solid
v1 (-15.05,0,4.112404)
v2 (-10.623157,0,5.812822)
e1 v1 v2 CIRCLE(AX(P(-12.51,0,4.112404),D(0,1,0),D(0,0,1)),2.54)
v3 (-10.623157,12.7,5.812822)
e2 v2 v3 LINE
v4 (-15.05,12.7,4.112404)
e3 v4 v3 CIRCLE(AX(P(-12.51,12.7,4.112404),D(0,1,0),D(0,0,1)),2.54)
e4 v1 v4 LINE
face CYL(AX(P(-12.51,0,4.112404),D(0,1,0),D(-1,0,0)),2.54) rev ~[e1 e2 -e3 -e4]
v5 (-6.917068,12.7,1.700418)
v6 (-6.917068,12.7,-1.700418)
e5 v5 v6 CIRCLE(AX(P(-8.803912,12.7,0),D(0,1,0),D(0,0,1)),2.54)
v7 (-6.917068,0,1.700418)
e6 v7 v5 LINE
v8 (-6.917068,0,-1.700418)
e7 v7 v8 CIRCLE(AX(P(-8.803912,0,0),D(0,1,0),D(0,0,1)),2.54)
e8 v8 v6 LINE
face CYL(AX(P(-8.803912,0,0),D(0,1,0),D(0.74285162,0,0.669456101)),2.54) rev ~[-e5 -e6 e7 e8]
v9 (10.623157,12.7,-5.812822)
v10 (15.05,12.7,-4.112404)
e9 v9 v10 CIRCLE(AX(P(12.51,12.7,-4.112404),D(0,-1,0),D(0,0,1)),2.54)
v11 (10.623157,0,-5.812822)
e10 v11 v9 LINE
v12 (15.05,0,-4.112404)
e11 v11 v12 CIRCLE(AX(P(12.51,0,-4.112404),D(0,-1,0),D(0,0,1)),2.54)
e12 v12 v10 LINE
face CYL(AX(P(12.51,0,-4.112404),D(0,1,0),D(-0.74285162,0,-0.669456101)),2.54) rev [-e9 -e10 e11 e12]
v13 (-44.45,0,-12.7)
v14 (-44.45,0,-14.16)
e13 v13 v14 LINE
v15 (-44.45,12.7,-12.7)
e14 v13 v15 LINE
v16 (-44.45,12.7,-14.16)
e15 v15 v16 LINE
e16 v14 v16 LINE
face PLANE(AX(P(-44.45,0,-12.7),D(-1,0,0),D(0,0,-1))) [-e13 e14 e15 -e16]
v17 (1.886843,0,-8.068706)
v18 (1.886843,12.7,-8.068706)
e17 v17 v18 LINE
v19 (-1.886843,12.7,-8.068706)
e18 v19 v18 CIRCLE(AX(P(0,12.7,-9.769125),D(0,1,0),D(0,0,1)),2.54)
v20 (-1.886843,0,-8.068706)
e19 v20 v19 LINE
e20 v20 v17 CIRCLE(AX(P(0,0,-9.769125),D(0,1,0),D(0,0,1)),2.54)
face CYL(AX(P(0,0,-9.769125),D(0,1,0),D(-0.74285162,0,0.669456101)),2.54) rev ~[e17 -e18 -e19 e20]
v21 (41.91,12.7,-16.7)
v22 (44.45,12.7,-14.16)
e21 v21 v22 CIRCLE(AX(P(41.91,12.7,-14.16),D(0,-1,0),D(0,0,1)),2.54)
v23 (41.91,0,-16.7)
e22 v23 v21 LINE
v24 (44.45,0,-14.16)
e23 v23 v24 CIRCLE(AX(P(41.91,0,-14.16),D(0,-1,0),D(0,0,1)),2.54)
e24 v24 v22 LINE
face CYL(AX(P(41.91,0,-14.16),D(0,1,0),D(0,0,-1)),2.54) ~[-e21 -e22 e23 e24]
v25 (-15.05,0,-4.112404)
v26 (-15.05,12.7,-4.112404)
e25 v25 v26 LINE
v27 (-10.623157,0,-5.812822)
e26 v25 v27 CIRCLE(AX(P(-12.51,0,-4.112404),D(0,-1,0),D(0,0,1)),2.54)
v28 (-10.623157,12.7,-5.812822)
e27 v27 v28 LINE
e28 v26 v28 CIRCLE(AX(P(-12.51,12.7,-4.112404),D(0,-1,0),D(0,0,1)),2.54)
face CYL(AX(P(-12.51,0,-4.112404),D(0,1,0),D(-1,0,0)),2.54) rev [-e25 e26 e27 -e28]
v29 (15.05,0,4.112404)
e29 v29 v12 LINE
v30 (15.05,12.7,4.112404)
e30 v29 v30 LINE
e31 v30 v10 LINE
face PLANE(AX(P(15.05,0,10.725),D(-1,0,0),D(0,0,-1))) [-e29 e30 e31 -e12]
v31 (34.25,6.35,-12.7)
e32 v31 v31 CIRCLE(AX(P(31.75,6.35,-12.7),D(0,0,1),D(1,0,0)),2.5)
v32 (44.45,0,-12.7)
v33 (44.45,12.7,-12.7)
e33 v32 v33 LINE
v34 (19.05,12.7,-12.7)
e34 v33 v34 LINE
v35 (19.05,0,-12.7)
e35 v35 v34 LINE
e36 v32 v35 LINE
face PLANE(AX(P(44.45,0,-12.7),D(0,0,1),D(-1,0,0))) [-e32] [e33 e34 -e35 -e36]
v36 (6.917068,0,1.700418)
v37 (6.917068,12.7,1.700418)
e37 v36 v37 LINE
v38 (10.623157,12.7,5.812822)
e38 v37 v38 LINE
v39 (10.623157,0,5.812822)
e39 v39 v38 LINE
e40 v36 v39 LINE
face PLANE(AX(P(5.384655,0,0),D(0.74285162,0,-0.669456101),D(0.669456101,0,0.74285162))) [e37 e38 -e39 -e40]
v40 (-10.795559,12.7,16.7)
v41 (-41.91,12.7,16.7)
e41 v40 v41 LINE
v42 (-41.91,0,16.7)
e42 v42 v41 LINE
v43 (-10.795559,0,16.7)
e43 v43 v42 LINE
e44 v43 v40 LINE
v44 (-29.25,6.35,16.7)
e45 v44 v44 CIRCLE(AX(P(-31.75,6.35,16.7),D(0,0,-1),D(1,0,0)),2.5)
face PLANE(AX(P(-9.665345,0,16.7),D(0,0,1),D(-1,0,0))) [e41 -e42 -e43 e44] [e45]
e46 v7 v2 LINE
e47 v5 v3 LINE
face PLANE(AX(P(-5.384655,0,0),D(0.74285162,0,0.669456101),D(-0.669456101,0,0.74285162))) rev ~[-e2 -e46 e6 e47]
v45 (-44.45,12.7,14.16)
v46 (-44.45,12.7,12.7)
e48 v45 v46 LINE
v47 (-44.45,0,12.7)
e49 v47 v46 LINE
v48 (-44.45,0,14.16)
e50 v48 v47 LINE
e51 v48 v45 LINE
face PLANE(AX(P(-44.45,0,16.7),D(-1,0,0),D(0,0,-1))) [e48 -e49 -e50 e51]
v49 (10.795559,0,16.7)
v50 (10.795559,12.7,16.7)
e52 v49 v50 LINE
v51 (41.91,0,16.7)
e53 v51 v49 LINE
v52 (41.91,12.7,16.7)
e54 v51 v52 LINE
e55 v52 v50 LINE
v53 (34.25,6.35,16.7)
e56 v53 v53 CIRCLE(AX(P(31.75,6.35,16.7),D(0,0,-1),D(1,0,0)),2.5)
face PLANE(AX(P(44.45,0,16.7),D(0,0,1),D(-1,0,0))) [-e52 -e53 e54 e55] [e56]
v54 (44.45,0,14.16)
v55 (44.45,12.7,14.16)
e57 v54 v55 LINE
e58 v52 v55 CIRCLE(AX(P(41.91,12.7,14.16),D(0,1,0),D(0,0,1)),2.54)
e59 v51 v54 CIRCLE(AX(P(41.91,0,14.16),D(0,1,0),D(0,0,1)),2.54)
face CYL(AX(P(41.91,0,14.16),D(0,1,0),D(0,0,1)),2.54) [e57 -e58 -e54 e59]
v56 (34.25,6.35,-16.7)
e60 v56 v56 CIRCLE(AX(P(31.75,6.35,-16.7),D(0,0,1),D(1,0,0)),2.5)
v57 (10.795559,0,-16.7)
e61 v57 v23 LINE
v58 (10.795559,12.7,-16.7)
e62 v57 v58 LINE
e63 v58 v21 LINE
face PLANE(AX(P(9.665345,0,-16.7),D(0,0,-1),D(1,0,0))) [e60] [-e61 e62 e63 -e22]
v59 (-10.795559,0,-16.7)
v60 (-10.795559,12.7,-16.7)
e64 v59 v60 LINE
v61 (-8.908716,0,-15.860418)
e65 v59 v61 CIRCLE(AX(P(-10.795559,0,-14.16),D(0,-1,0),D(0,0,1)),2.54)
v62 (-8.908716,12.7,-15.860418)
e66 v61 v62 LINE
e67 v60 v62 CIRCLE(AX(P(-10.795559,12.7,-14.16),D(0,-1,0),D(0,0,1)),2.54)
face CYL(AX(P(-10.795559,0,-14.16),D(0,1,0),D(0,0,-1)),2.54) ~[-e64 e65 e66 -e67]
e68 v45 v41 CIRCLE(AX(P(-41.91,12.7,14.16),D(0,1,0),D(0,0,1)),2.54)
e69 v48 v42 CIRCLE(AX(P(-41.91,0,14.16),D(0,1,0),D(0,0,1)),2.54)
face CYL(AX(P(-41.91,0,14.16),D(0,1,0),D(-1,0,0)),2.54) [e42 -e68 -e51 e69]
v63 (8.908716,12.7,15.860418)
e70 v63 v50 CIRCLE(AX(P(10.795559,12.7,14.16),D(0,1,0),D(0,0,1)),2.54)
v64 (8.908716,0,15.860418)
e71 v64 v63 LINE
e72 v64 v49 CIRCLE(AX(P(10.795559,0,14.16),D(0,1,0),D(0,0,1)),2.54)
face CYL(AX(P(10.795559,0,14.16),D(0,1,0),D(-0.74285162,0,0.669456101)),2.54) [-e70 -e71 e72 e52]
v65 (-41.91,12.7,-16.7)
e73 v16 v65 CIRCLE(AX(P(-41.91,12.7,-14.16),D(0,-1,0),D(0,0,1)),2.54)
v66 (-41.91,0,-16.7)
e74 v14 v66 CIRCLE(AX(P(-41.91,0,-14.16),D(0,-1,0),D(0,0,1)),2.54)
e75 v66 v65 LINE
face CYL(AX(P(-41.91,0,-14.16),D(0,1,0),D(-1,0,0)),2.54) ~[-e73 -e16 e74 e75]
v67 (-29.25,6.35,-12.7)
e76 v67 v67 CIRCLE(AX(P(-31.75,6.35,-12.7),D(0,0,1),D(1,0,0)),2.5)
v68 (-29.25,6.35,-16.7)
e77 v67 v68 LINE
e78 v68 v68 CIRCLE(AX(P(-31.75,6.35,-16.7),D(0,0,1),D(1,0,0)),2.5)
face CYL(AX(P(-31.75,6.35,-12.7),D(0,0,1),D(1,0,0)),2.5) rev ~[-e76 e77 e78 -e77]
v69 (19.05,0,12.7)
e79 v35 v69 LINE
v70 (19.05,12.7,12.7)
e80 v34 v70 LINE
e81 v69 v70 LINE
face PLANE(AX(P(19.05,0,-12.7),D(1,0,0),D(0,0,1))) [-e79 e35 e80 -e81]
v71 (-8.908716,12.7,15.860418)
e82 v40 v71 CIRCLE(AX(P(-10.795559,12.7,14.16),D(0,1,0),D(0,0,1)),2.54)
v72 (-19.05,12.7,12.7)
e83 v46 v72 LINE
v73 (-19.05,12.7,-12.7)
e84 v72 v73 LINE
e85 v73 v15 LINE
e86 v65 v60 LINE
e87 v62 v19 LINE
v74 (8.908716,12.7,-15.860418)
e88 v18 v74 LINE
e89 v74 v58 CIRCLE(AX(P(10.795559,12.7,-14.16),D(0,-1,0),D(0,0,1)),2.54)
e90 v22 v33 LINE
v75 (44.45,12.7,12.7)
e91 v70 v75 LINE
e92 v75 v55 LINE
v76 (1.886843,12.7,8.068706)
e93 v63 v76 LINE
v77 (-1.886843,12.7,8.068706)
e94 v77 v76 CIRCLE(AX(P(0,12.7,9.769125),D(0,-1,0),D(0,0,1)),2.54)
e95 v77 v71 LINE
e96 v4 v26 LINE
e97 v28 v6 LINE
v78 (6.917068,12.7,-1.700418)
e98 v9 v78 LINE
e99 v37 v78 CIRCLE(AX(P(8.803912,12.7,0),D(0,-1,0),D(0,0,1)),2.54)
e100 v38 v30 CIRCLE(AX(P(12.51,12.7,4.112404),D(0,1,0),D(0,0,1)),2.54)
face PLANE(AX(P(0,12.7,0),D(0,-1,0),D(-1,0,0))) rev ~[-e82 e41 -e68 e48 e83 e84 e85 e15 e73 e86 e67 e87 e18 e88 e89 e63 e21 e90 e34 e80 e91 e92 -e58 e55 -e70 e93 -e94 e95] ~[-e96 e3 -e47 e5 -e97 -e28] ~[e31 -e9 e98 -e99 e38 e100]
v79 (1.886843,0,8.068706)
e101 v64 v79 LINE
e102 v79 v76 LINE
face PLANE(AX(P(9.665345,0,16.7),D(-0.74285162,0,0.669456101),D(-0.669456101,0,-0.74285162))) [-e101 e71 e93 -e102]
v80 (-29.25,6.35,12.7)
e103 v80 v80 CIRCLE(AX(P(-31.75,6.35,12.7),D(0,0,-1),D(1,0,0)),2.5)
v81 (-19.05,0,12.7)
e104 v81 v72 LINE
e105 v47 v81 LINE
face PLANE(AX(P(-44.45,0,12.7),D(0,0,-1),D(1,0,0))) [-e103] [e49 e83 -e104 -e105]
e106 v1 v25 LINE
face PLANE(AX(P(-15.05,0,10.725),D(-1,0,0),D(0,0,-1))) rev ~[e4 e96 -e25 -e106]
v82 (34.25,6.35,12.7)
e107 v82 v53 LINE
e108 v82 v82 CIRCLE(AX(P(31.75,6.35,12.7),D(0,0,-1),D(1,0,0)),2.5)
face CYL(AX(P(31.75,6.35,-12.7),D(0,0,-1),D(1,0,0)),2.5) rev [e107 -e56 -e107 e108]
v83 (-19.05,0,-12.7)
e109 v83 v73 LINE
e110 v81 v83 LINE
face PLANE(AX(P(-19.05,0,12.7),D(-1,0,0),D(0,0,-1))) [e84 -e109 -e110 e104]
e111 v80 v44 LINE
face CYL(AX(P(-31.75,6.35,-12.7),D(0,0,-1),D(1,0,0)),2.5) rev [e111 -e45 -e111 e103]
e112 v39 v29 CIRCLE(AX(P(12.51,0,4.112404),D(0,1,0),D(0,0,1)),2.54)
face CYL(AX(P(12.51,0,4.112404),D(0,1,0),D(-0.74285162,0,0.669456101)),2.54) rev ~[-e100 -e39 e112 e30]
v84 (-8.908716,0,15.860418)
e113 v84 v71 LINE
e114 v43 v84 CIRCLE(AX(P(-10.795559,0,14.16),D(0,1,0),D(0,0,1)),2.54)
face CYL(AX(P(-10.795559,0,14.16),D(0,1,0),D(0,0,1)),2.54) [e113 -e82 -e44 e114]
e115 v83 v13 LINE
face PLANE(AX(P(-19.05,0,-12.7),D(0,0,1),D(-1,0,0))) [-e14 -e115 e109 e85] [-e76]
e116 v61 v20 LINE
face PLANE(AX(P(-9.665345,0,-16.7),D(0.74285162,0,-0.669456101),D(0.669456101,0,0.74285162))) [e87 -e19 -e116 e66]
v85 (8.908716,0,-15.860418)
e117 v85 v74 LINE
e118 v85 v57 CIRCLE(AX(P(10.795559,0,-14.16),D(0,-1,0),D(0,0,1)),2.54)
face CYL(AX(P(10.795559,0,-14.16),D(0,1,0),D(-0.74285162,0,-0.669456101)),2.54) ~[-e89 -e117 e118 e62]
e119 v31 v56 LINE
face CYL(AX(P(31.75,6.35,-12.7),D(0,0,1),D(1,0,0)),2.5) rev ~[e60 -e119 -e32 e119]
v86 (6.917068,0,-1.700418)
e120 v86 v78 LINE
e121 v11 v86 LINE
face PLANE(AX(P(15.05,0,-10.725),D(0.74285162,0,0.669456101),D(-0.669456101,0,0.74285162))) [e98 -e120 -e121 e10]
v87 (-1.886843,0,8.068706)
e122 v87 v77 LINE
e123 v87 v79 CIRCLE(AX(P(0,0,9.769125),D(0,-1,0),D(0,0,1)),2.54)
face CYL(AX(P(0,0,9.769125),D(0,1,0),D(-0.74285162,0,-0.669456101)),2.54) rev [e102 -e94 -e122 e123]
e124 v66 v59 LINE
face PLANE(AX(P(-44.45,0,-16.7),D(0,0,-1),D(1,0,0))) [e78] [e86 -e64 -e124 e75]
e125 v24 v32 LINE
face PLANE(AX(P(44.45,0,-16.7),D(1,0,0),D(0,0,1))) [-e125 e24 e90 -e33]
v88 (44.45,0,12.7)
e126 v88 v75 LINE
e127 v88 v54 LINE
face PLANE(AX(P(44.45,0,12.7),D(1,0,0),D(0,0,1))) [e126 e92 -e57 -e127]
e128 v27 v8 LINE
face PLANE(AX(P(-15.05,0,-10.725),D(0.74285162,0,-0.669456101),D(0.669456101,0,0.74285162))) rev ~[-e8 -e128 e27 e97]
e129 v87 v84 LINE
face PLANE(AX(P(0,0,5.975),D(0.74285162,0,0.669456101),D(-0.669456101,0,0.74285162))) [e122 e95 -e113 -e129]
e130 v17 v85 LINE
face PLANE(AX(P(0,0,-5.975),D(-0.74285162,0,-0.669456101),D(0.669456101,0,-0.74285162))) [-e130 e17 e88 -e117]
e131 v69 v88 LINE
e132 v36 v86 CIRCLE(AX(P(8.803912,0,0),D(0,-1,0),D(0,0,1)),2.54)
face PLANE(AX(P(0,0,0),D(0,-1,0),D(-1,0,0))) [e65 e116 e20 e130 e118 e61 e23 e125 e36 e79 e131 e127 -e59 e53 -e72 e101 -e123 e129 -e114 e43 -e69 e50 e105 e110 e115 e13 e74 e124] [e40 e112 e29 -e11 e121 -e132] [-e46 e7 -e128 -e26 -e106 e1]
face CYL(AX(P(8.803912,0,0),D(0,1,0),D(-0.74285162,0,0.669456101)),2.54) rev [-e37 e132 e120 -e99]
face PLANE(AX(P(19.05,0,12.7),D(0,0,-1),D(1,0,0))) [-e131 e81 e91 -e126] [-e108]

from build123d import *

# Parameters (mm, degrees)
BOSS_EXTRUDE1_DEPTH     = 12.7
FILLET1_R               = 2.54
SKETCH3_R               = 2.5
CUT_EXTRUDE1_DEPTH      = 30.4
CUT_EXTRUDE1_DEPTH_BACK = 5


with BuildPart() as part:
    # Sketch1 → Boss-Extrude1 (new body)
    with BuildSketch(Plane(origin=(0, 0, 0), x_dir=(1, 0, 0), z_dir=(0, 1, 0))):
        Polygon((-19.05, -12.7), (-19.05, 12.7), (-44.45, 12.7), (-44.45, 16.7), (-9.665344582, 16.7), (0, 5.974999699), (9.665344582, 16.7), (44.45, 16.7), (44.45, 12.7), (19.05, 12.7), (19.05, -12.7), (44.45, -12.7), (44.45, -16.7), (9.665344582, -16.7), (0, -5.974999699), (-9.665344582, -16.7), (-44.45, -16.7), (-44.45, -12.7), align=None)
        Polygon((-15.05, -10.725000301), (-15.05, 10.725000301), (-5.384655418, 0), align=None, mode=Mode.SUBTRACT)
        Polygon((15.05, -10.725000301), (15.05, 10.725000301), (5.384655418, 0), align=None, mode=Mode.SUBTRACT)
    extrude(amount=BOSS_EXTRUDE1_DEPTH)

    # Fillet1
    fillet1_edges = [part.edges().sort_by_distance(p)[0] for p in [
        (-44.45, 6.35, -16.7),
        (-9.665344582, 6.35, -16.7),
        (0, 6.35, -5.974999699),
        (9.665344582, 6.35, -16.7),
        (44.45, 6.35, -16.7),
        (44.45, 6.35, 16.7),
        (9.665344582, 6.35, 16.7),
        (0, 6.35, 5.974999699),
        (-9.665344582, 6.35, 16.7),
        (-44.45, 6.35, 16.7),
        (-15.05, 6.35, 10.725000301),
        (-5.384655418, 6.35, 0),
        (-15.05, 6.35, -10.725000301),
        (5.384655418, 6.35, 0),
        (15.05, 6.35, 10.725000301),
        (15.05, 6.35, -10.725000301),
    ]]
    fillet(fillet1_edges, radius=FILLET1_R)

    # Sketch3 → Cut-Extrude1 (cut, two sides)
    with BuildSketch(Plane.XY.offset(-12.7)) as cut_extrude1_sk:
        with Locations((-31.75, 6.35)):
            Circle(SKETCH3_R)
        with Locations((31.75, 6.35)):
            Circle(SKETCH3_R)
    extrude(amount=CUT_EXTRUDE1_DEPTH, mode=Mode.SUBTRACT)
    extrude(cut_extrude1_sk.sketch, amount=-CUT_EXTRUDE1_DEPTH_BACK, mode=Mode.SUBTRACT)


solid = part.part
